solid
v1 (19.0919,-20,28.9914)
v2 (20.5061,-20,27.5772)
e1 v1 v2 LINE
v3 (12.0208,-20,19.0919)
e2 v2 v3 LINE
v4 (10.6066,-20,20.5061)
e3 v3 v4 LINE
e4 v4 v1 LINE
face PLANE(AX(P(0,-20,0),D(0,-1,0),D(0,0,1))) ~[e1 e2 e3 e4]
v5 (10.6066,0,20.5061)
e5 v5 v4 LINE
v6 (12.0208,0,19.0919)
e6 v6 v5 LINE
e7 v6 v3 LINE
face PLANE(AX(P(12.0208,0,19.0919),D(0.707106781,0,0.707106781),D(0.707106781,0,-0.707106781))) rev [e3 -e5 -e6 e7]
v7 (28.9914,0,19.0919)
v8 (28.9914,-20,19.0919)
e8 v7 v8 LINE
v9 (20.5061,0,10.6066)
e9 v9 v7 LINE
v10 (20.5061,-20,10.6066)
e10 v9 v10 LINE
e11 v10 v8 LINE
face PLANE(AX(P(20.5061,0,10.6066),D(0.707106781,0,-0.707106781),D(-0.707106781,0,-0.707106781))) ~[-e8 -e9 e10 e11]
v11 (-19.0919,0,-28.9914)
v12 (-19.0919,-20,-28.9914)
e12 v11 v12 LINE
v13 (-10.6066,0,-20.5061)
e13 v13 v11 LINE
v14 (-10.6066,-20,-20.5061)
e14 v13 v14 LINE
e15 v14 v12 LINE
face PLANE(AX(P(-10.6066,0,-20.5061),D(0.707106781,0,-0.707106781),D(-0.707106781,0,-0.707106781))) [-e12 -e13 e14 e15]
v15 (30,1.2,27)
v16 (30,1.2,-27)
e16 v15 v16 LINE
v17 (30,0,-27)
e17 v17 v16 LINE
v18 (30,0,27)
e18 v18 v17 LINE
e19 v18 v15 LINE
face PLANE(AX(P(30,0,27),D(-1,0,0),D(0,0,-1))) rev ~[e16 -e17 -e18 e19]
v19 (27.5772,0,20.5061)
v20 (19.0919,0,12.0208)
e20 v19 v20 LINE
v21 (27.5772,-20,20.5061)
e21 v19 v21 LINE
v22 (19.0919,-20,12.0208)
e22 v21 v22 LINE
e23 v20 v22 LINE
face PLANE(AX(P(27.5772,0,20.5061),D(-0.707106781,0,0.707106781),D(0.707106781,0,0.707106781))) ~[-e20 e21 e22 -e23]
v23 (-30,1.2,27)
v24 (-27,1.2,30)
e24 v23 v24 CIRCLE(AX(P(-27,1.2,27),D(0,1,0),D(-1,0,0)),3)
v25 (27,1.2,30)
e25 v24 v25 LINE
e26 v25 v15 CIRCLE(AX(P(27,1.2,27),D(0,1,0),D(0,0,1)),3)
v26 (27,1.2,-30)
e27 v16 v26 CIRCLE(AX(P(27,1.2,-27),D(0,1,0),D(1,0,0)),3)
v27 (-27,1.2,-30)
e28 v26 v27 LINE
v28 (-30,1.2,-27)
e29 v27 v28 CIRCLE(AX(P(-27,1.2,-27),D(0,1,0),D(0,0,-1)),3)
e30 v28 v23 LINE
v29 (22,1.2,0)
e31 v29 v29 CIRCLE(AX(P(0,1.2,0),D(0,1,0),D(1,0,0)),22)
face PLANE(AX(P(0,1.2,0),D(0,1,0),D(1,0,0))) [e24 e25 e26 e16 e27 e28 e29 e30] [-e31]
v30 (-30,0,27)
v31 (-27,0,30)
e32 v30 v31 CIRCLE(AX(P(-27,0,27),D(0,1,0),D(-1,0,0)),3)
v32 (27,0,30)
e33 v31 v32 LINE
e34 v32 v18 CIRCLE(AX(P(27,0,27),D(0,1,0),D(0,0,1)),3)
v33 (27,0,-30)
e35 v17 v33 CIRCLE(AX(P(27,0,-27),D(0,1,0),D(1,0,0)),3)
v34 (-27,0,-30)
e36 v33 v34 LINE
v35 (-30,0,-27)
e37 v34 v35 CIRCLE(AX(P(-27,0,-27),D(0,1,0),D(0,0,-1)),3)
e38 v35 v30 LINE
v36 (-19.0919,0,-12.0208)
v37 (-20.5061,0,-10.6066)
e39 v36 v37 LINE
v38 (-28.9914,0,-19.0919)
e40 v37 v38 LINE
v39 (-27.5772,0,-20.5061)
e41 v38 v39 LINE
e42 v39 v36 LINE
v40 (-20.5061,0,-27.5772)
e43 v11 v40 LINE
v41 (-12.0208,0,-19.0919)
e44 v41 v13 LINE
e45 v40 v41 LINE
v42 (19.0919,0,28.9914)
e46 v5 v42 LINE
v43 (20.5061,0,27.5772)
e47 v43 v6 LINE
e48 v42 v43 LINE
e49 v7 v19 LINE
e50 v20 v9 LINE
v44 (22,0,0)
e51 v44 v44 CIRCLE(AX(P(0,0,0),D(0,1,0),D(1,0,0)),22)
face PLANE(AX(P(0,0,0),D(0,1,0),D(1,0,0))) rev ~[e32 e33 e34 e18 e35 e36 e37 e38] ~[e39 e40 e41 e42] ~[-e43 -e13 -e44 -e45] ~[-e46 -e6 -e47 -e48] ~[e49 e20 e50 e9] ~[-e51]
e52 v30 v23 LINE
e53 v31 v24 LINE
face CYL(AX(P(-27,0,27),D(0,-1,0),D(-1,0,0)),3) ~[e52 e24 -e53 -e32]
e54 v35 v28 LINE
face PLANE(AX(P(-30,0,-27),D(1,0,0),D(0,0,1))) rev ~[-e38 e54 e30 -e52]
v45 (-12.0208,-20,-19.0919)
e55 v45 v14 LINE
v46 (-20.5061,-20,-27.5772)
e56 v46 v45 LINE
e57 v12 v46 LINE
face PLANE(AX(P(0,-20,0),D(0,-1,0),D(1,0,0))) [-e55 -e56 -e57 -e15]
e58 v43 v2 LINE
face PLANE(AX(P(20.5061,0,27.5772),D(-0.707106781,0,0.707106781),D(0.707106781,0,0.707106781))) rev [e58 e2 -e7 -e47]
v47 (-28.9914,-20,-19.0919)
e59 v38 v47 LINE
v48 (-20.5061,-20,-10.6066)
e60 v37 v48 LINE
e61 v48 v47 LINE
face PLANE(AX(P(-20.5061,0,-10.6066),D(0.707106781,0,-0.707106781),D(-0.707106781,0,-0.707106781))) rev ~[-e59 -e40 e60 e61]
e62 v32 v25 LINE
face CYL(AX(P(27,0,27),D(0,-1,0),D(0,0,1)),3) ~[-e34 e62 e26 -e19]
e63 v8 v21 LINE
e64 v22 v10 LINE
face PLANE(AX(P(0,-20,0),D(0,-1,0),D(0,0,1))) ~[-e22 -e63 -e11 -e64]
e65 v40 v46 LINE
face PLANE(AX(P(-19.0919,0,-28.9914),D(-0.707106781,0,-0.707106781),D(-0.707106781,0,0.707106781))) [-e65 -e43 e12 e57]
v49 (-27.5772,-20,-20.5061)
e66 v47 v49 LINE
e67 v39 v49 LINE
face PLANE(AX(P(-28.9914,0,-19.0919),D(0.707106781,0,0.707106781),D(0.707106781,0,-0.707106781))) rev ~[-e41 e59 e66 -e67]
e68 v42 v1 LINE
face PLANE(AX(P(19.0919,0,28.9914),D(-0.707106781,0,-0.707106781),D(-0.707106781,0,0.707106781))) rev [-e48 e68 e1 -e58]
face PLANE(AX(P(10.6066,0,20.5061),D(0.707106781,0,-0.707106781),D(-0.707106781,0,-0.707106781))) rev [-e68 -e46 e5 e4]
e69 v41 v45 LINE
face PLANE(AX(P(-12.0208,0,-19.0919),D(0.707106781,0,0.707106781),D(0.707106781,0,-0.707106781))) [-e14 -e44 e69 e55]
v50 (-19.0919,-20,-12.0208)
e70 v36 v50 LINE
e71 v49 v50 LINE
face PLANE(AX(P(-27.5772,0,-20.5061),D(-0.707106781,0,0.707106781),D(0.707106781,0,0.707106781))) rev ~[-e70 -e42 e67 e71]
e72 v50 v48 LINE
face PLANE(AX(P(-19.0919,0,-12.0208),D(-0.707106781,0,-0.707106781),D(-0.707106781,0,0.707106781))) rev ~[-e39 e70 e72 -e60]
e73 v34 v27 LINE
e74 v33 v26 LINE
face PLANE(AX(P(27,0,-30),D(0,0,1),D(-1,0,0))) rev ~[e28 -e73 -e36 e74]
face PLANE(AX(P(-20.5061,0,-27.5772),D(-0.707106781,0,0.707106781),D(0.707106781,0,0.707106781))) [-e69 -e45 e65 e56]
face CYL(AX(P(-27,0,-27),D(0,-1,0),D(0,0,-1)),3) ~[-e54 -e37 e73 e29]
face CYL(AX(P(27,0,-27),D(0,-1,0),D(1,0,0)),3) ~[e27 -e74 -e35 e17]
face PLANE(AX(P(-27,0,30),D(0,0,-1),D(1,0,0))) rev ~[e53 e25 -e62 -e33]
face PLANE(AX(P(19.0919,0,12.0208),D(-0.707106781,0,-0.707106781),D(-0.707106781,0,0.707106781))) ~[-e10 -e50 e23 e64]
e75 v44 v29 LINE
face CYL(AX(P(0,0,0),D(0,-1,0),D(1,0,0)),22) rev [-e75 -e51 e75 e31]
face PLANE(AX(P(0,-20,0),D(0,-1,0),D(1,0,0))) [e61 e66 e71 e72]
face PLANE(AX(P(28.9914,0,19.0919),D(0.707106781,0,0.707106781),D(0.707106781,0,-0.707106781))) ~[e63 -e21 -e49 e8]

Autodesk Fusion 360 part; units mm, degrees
sketch "MainRest" plane through (0, 0, 0) normal (0, 1, 0) x (1, 0, 0)
  circle A0 centre (0, 0) radius 36 construction
  line L0 (27, 30) -> (-27, 30)
  line L1 (-30, 27) -> (-30, -27)
  line L2 (-27, -30) -> (27, -30)
  line L3 (30, -27) -> (30, 27)
  line L4 (30, 30) -> (-30, -30) construction
  line L5 (-30, 30) -> (30, -30) construction
  circle A1 centre (0, 0) radius 22
  arc A2 (-27, 30) -> (-30, 27) centre (-27, 27) ccw
  arc A3 (27, -30) -> (30, -27) centre (27, -27) ccw
  arc A4 (-30, -27) -> (-27, -30) centre (-27, -27) ccw
  arc A5 (30, 27) -> (27, 30) centre (27, 27) ccw
  dimension "d3" = 72
  dimension "d4" = 60
  dimension "d5" = 60
  dimension "d8" = 44
  dimension "d9" = 3
extrude "Extrude1" add sketch "MainRest" along normal blind 1.2
ref_plane "WorkPlane1" through (-15.5563, 1.9245, -15.5563) normal (0.7071, 0, 0.7071) x (-0.7071, 0, 0.7071)
ref_plane "WorkPlane2" through (15.5563, 0.9394, 15.5563) normal (-0.7071, 0, -0.7071) x (0.7071, 0, -0.7071)
sketch "SensorHolder" plane through (0, 0, 0) normal (0, -1, 0) x (1, 0, 0)
  circle A0 centre (0, 0) radius 22
  arc A1 (27, -30) -> (30, -27) centre (27, -27) ccw
  line L0 (30, -27) -> (30, 27)
  arc A2 (30, 27) -> (27, 30) centre (27, 27) ccw
  line L1 (27, 30) -> (-27, 30)
  arc A3 (-27, 30) -> (-30, 27) centre (-27, 27) ccw
  line L2 (-30, 27) -> (-30, -27)
  arc A4 (-30, -27) -> (-27, -30) centre (-27, -27) ccw
  line L3 (-27, -30) -> (27, -30)
  line L4 (10.8437, -41.9563) -> (-41.9563, 10.8437) construction
  circle A5 centre (0, 0) radius 22 construction
  arc A6 (-29.1233, -20.3743) -> (-29.4263, -20.7386) centre (-26.9042, -22.5282) ccw
  circle A7 centre (0, 0) radius 36
  line L5 (-19.0919, -12.0208) -> (-12.0208, -19.0919) construction
  line L6 (-12.0208, -19.0919) -> (-20.5061, -27.5772) construction
  line L7 (-20.5061, -27.5772) -> (-27.5772, -20.5061) construction
  line L8 (-27.5772, -20.5061) -> (-19.0919, -12.0208) construction
  line L9 (-20.5061, -27.5772) -> (-12.0208, -19.0919) construction
  line L10 (-27.5772, -20.5061) -> (-19.0919, -12.0208)
  line L11 (-19.0919, -12.0208) -> (-20.5061, -10.6066)
  line L12 (-20.5061, -10.6066) -> (-28.9914, -19.0919)
  line L13 (-28.9914, -19.0919) -> (-27.5772, -20.5061)
  line L14 (-20.5061, -27.5772) -> (-12.0208, -19.0919)
  line L15 (-12.0208, -19.0919) -> (-10.6066, -20.5061)
  line L16 (-10.6066, -20.5061) -> (-19.0919, -28.9914)
  line L17 (-19.0919, -28.9914) -> (-20.5061, -27.5772)
  point P0 (-31.1127, -22.6274)
  dimension "d62" = 10
  dimension "d63" = 12
  dimension "d65" = 2
  dimension "d66" = 2
extrude "Extrude5" add sketch "SensorHolder" along normal blind 20 contours L10 L11 L12 L13 | L14 L15 L16 L17
ref_plane "WorkPlane3" through (0, 1.9245, 0) normal (0.7071, 0, 0.7071) x (-0.7071, 0, 0.7071)
mirror "Mirror1" about plane through (0, 1.9245, 0) normal (0.7071, 0, 0.7071) of "Extrude5"
equation "GutterSquareHoleWidth = 60 mm"
equation "GutterHoleDiameter = 72 mm"
equation "d3 = GutterHoleDiameter"
equation "d4 = GutterSquareHoleWidth"
equation "d5 = GutterSquareHoleWidth"
equation "GolfBallDiameter = 43 mm"
equation "GolfHolePadding = 1 mm"
equation "d8 = GolfBallDiameter + GolfHolePadding"
equation "d9 = SquareCornerRounding"
equation "SquareCornerRounding = 3 mm"
equation "SquareBitThickness = 1.2 mm"
equation "d12 = SquareBitThickness"
equation "SensorHeight = 20 mm"
equation "SensorWidth = 10 mm"
equation "SensorDepth = 8 mm"
equation "SensorRealDepth = 12 mm"
equation "SensorScrewBottomOffset = 3 mm"
equation "SensorScrewHoleDiameter = 4 mm"
equation "InsertDiameter = 4 mm"
equation "InsertHeight = 4 mm"
equation "SensorHolderThickness = 2 mm"
equation "d46 = SensorHeight"
equation "d62 = SensorWidth"
equation "d63 = SensorRealDepth"
equation "d65 = SensorHolderThickness"
equation "d66 = SensorHolderThickness"
